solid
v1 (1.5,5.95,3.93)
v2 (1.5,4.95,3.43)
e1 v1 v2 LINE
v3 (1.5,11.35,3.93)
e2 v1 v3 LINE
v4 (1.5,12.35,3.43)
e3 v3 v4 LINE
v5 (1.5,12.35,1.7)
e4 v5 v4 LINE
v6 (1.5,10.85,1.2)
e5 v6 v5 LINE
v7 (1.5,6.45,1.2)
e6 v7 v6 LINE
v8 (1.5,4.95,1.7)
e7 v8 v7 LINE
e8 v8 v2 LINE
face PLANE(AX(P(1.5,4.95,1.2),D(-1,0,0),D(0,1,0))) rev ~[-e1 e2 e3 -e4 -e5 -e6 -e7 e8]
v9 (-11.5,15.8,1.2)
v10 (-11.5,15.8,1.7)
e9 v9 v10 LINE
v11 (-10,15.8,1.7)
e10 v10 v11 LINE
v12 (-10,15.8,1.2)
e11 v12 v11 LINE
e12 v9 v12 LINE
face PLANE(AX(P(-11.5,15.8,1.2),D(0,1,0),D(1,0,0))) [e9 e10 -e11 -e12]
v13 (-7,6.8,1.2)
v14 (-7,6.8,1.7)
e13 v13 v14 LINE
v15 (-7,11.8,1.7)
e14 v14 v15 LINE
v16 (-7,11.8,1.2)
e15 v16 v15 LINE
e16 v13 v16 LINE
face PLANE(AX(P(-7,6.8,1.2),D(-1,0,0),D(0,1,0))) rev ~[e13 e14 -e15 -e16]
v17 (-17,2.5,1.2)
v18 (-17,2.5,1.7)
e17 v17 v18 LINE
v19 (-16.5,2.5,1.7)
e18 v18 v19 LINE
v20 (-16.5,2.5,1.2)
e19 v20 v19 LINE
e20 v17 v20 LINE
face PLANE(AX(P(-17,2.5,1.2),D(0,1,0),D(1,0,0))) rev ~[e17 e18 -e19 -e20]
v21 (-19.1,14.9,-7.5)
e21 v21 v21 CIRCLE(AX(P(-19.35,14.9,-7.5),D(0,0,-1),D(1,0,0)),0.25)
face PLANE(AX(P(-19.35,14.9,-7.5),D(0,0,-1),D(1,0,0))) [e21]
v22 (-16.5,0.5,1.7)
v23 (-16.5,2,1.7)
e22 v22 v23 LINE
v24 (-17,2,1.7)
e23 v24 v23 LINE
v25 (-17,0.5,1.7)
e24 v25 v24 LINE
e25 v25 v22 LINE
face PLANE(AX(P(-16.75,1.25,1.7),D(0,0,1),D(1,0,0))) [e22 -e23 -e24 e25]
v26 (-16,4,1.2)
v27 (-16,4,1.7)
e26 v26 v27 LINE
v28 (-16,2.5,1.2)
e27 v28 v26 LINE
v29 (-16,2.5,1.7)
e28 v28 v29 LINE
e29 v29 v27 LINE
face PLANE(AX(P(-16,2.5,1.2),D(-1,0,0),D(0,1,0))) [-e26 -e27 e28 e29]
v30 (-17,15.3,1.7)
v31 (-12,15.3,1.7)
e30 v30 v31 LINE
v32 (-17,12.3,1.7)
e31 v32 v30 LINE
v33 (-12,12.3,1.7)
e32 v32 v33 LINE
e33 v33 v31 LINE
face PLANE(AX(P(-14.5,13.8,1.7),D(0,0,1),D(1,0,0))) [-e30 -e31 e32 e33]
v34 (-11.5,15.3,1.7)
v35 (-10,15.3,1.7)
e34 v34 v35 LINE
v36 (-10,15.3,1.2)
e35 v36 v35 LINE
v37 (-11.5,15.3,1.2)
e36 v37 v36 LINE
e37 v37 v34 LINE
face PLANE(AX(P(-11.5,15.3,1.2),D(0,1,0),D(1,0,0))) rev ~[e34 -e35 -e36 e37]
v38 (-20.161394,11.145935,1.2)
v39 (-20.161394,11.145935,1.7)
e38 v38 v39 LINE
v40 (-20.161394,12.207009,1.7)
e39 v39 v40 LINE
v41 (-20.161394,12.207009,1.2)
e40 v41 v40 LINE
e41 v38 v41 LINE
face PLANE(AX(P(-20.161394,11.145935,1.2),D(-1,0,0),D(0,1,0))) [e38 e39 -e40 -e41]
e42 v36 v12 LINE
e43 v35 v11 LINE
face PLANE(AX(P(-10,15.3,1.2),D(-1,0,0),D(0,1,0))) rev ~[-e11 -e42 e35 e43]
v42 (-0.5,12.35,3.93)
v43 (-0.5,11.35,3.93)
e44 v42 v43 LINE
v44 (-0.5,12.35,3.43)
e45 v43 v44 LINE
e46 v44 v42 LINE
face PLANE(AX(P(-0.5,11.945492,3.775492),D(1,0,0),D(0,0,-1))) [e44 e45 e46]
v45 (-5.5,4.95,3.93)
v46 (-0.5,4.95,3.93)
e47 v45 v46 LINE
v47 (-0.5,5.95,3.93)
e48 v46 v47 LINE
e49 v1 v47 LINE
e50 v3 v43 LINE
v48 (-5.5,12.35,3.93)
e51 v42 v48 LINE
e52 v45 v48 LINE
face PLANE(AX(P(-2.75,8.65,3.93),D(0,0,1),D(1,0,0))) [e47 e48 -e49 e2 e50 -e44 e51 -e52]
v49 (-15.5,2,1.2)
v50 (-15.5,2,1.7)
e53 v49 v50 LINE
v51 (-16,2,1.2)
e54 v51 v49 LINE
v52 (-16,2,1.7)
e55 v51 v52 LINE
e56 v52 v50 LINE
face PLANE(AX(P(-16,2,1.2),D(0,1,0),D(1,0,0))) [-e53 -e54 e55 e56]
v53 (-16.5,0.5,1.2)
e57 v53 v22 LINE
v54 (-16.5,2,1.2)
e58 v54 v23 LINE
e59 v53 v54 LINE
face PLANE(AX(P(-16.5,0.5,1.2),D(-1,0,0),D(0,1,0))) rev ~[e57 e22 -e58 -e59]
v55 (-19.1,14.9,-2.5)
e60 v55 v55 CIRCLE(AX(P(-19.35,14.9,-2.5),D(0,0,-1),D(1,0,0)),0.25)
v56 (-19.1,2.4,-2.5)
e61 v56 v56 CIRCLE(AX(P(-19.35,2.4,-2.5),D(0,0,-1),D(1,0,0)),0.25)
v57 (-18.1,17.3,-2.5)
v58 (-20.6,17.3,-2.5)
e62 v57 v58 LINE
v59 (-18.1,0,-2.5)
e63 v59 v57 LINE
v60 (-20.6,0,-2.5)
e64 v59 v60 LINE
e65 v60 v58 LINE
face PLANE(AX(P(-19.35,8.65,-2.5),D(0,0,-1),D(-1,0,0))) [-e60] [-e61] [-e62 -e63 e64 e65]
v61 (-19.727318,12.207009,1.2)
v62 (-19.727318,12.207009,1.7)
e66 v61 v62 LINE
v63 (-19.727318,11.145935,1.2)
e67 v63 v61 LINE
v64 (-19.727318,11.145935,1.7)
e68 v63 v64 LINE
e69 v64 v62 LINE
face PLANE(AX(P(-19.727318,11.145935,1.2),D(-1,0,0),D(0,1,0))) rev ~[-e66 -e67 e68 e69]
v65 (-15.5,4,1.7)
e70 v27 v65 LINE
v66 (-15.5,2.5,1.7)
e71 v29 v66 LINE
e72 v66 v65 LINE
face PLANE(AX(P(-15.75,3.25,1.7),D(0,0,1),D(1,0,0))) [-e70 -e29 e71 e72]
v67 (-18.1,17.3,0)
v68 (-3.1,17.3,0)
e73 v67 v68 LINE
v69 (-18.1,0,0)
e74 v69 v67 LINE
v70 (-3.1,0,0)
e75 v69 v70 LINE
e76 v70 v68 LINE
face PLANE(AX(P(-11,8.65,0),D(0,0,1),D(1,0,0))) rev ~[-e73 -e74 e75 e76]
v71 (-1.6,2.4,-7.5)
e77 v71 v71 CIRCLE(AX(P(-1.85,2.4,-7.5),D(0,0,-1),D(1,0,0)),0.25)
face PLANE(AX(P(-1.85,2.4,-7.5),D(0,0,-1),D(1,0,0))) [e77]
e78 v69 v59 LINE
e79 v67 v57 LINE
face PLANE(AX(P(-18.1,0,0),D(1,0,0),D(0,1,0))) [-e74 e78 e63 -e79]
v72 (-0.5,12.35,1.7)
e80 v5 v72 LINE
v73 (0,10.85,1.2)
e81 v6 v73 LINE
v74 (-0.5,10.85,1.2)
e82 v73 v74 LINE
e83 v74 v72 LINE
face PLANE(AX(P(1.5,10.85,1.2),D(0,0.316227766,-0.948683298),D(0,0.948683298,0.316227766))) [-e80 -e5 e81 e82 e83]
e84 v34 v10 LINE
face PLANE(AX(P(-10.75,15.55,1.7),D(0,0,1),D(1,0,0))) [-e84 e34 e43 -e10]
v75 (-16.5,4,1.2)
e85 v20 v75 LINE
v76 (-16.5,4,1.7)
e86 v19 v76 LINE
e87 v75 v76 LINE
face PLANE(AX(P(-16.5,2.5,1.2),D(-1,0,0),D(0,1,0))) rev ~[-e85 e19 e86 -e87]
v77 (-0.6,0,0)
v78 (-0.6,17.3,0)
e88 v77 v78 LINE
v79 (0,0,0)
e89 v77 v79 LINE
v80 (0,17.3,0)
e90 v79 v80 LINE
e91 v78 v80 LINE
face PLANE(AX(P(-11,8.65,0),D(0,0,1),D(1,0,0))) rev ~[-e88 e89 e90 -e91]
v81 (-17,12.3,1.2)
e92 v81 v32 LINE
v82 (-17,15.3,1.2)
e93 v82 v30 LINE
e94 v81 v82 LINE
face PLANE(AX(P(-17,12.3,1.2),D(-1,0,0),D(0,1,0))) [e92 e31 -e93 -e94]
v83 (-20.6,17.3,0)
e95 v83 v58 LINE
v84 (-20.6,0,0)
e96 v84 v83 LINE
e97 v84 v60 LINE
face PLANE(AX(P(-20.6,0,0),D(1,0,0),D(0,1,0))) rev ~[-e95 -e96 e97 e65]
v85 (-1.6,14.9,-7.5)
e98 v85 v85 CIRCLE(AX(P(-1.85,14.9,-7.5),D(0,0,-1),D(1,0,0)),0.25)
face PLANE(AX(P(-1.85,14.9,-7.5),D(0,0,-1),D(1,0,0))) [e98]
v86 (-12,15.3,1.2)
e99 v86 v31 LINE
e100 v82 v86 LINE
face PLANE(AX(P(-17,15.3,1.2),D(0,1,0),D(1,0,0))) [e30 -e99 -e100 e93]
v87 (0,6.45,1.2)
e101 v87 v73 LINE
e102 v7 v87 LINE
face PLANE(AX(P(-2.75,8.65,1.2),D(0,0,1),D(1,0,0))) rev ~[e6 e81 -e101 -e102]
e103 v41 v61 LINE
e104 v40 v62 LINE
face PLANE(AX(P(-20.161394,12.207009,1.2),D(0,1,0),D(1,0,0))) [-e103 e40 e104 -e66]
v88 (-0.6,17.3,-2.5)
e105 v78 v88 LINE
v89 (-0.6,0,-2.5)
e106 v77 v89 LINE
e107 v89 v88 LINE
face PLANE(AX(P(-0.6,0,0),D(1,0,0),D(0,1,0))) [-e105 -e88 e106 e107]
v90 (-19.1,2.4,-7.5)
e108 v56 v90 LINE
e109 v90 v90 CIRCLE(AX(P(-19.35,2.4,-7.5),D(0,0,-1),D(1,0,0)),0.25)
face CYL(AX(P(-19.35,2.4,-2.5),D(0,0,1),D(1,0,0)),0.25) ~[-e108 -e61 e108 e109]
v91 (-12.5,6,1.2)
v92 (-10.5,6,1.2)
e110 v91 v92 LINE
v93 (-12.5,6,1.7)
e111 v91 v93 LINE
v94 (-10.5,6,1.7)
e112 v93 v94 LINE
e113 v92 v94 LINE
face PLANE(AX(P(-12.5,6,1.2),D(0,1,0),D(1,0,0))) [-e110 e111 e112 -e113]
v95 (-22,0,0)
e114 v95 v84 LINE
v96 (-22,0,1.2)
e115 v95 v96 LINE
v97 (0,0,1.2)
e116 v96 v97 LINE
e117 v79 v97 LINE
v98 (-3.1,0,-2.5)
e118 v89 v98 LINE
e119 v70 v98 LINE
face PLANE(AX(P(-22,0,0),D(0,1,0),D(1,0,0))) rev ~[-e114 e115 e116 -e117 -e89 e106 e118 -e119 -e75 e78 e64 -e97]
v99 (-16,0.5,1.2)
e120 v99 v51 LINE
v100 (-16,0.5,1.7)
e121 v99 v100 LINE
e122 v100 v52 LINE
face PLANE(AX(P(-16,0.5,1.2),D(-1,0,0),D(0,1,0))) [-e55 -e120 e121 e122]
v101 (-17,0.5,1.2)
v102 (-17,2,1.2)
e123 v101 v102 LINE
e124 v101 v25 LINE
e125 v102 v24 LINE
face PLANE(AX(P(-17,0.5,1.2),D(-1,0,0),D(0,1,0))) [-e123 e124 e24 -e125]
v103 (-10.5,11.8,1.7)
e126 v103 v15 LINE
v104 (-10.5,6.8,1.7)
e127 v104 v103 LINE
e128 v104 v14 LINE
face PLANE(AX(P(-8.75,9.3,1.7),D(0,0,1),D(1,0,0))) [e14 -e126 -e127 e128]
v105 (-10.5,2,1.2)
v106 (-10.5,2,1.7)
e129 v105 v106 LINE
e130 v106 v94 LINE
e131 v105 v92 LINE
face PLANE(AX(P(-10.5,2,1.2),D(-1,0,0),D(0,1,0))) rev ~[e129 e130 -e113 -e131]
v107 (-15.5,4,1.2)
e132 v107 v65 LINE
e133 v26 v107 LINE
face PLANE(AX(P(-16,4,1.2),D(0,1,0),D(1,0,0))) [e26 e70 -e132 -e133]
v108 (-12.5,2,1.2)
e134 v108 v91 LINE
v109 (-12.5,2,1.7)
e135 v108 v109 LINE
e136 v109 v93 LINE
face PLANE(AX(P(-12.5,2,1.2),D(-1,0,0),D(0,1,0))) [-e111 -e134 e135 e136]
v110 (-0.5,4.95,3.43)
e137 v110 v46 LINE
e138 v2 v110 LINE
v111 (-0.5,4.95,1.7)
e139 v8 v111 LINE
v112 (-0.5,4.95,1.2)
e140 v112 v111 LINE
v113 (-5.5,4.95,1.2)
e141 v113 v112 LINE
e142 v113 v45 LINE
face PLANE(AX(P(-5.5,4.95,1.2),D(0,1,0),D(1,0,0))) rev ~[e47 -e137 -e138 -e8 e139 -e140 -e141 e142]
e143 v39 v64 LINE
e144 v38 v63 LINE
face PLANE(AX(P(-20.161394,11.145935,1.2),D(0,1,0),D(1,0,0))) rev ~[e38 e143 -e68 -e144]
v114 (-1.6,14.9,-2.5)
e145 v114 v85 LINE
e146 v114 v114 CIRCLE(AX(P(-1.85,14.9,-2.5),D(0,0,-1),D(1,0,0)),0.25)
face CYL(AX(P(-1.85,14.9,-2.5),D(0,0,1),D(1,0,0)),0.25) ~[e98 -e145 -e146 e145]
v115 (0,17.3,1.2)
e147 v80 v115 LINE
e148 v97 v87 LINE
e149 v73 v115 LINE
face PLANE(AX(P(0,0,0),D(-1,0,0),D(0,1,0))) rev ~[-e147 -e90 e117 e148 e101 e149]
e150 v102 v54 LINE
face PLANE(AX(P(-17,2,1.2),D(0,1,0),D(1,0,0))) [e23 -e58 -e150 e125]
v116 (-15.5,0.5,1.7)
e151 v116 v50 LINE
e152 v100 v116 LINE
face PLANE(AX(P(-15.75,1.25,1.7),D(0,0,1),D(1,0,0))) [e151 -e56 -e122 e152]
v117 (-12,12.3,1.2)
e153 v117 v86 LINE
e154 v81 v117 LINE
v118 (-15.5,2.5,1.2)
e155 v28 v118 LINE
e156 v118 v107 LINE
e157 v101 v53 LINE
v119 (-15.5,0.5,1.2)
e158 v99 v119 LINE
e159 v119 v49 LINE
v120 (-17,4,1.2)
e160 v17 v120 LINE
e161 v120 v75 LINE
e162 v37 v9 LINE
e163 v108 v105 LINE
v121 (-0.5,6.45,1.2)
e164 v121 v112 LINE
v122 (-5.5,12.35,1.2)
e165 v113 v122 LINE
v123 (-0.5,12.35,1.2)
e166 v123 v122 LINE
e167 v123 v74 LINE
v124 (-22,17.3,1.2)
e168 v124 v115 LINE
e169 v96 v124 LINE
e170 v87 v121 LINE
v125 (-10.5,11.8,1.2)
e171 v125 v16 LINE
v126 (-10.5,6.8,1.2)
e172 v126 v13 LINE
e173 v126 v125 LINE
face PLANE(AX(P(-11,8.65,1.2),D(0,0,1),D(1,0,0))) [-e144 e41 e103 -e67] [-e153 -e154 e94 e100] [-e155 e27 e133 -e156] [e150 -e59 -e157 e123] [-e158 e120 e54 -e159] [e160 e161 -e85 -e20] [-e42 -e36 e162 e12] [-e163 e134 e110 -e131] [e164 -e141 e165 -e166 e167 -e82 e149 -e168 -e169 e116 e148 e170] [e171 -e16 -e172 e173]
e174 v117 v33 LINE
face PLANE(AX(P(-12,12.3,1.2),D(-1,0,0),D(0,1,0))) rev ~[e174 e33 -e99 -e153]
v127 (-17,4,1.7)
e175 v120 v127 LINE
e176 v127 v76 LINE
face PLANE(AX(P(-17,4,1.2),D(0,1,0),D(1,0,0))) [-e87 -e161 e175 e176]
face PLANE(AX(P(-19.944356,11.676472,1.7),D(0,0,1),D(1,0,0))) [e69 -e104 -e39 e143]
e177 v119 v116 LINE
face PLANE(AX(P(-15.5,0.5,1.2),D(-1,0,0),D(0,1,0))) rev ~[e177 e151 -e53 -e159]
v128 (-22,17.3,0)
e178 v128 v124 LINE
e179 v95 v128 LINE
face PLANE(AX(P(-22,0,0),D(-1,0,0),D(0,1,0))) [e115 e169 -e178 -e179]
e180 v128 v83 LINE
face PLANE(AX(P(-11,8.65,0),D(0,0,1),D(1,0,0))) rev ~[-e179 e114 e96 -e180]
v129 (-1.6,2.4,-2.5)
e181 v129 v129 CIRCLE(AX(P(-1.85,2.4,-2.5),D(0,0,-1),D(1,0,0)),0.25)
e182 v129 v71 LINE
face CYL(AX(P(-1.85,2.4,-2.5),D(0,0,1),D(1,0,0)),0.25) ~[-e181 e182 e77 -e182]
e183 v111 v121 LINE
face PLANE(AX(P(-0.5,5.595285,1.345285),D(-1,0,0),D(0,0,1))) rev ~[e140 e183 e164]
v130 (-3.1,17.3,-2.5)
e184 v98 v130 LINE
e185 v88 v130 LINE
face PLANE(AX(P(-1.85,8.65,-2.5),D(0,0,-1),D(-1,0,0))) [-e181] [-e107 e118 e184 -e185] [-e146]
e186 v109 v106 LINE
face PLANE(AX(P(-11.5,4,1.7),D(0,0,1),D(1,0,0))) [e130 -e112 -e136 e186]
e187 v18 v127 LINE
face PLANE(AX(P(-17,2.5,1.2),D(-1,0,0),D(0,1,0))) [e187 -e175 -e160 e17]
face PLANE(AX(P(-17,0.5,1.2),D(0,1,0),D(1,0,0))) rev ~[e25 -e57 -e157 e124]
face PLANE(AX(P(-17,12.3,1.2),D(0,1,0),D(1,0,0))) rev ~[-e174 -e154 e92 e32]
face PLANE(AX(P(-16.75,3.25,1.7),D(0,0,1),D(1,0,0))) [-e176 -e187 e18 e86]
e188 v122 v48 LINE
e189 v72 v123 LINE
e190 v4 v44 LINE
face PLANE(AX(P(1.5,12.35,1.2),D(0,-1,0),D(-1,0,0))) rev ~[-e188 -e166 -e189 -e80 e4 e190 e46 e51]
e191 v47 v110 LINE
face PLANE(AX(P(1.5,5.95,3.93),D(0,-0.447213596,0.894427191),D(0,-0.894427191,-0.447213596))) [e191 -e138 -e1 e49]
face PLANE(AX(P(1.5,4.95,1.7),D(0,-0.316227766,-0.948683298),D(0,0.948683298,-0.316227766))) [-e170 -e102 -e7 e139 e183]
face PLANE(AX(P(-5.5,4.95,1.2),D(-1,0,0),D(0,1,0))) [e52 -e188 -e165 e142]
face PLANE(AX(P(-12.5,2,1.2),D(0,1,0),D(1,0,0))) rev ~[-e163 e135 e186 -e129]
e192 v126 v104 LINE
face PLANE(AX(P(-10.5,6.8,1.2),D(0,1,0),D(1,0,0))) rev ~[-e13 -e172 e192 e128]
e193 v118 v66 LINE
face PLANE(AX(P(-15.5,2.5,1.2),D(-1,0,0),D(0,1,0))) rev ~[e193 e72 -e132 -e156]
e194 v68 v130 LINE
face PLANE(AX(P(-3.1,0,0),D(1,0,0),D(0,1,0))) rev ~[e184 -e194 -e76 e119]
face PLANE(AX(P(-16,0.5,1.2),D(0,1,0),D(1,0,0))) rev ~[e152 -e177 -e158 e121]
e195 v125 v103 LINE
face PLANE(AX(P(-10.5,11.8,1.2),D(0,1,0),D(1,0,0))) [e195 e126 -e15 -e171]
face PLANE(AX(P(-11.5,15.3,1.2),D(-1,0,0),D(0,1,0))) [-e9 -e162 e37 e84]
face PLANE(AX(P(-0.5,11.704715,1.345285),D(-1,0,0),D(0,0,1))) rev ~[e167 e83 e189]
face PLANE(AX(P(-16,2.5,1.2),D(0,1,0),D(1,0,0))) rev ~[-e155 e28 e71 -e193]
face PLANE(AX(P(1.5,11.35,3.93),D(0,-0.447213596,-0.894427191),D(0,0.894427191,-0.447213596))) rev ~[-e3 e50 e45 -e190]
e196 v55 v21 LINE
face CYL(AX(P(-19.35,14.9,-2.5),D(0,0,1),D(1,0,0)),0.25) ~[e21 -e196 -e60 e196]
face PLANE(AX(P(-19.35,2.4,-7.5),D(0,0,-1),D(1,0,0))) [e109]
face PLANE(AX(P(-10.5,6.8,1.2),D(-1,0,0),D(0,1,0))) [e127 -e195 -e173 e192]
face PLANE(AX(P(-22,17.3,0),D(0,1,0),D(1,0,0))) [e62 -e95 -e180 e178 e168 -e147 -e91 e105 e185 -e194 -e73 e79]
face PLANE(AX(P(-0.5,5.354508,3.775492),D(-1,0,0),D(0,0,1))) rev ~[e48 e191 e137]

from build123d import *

# Parameters (mm, degrees)
ESQUISSE1_W             = 22
ESQUISSE1_H             = 17.3
BOSS_EXTRU_1_DEPTH      = 1.2
ESQUISSE2_W             = 5.5
ESQUISSE2_H             = 7.4
ESQUISSE2_W_2           = 1.5
BOSS_EXTRU_2_DEPTH      = 2.73
ESQUISSE5_W             = 2
ESQUISSE5_H             = 4
ESQUISSE5_W_2           = 0.5
ESQUISSE5_H_2           = 1.5
ESQUISSE5_W_3           = 5
ESQUISSE5_H_3           = 3
ESQUISSE5_W_4           = 1.5
ESQUISSE5_H_4           = 0.5
ESQUISSE5_W_5           = 0.43407564
ESQUISSE5_H_5           = 1.061073785
ESQUISSE5_W_6           = 3.5
ESQUISSE5_H_6           = 5
BOSS_EXTRU_5_DEPTH      = 0.5
ENL_V_MAT_EXTRU_4_DEPTH = 2
ESQUISSE11_W            = 2.5
ESQUISSE11_H            = 17.3
BOSS_EXTRU_8_DEPTH      = 2.5
ESQUISSE12_R            = 0.25
BOSS_EXTRU_9_DEPTH      = 5


with BuildPart() as part:
    # Esquisse1 → Boss.-Extru.1 (new body)
    with BuildSketch(Plane.XY):
        with Locations((-11, 8.65)):
            Rectangle(ESQUISSE1_W, ESQUISSE1_H)
    extrude(amount=BOSS_EXTRU_1_DEPTH)

    # Esquisse2 → Boss.-Extru.2 (add)
    with BuildSketch(Plane.XY.offset(1.2)):
        with Locations((-2.75, 8.65)):
            Rectangle(ESQUISSE2_W, ESQUISSE2_H)
        with Locations((0.75, 8.65)):
            Rectangle(ESQUISSE2_W_2, ESQUISSE2_H)
    extrude(amount=BOSS_EXTRU_2_DEPTH)

    # Esquisse5 → Boss.-Extru.5 (add)
    with BuildSketch(Plane.XY.offset(1.2)):
        with Locations((-11.5, 4)):
            Rectangle(ESQUISSE5_W, ESQUISSE5_H)
        with Locations((-15.75, 1.25)):
            Rectangle(ESQUISSE5_W_2, ESQUISSE5_H_2)
        with Locations((-16.75, 1.25)):
            Rectangle(ESQUISSE5_W_2, ESQUISSE5_H_2)
        with Locations((-15.75, 3.25)):
            Rectangle(ESQUISSE5_W_2, ESQUISSE5_H_2)
        with Locations((-16.75, 3.25)):
            Rectangle(ESQUISSE5_W_2, ESQUISSE5_H_2)
        with Locations((-14.5, 13.8)):
            Rectangle(ESQUISSE5_W_3, ESQUISSE5_H_3)
        with Locations((-10.75, 15.55)):
            Rectangle(ESQUISSE5_W_4, ESQUISSE5_H_4)
        with Locations((-19.944355947, 11.67647182)):
            Rectangle(ESQUISSE5_W_5, ESQUISSE5_H_5)
        with Locations((-8.75, 9.3)):
            Rectangle(ESQUISSE5_W_6, ESQUISSE5_H_6)
    extrude(amount=BOSS_EXTRU_5_DEPTH)

    # Esquisse8 → Enlèv. mat.-Extru.4 (cut)
    with BuildSketch(Plane(origin=(1.5, 0, 0), x_dir=(0, 0, -1), z_dir=(1, 0, 0))):
        Polygon((-1.2, 6.45), (-1.2, 4.95), (-1.7, 4.95), align=None)
        Polygon((-1.2, 10.85), (-1.7, 12.35), (-1.2, 12.35), align=None)
        Polygon((-3.93, 4.95), (-3.93, 5.95), (-3.43, 4.95), align=None)
        Polygon((-3.93, 11.35), (-3.43, 12.35), (-3.93, 12.35), align=None)
    extrude(amount=-ENL_V_MAT_EXTRU_4_DEPTH, mode=Mode.SUBTRACT)

    # Esquisse11 → Boss.-Extru.8 (add)
    with BuildSketch(Plane(origin=(0, 0, 0), x_dir=(-1, 0, 0), z_dir=(0, 0, -1))):
        with Locations((1.85, 8.65)):
            Rectangle(ESQUISSE11_W, ESQUISSE11_H)
        with Locations((19.35, 8.65)):
            Rectangle(ESQUISSE11_W, ESQUISSE11_H)
    extrude(amount=BOSS_EXTRU_8_DEPTH)

    # Esquisse12 → Boss.-Extru.9 (add)
    with BuildSketch(Plane(origin=(0, 0, -2.5), x_dir=(-1, 0, 0), z_dir=(0, 0, -1))):
        with Locations(Location((1.85, 2.4, 0), (0, 0, 180))):
            Circle(ESQUISSE12_R)
        with Locations(Location((1.85, 14.9, 0), (0, 0, 180))):
            Circle(ESQUISSE12_R)
        with Locations(Location((19.35, 14.9, 0), (0, 0, 180))):
            Circle(ESQUISSE12_R)
        with Locations(Location((19.35, 2.4, 0), (0, 0, 180))):
            Circle(ESQUISSE12_R)
    extrude(amount=BOSS_EXTRU_9_DEPTH)


solid = part.part
